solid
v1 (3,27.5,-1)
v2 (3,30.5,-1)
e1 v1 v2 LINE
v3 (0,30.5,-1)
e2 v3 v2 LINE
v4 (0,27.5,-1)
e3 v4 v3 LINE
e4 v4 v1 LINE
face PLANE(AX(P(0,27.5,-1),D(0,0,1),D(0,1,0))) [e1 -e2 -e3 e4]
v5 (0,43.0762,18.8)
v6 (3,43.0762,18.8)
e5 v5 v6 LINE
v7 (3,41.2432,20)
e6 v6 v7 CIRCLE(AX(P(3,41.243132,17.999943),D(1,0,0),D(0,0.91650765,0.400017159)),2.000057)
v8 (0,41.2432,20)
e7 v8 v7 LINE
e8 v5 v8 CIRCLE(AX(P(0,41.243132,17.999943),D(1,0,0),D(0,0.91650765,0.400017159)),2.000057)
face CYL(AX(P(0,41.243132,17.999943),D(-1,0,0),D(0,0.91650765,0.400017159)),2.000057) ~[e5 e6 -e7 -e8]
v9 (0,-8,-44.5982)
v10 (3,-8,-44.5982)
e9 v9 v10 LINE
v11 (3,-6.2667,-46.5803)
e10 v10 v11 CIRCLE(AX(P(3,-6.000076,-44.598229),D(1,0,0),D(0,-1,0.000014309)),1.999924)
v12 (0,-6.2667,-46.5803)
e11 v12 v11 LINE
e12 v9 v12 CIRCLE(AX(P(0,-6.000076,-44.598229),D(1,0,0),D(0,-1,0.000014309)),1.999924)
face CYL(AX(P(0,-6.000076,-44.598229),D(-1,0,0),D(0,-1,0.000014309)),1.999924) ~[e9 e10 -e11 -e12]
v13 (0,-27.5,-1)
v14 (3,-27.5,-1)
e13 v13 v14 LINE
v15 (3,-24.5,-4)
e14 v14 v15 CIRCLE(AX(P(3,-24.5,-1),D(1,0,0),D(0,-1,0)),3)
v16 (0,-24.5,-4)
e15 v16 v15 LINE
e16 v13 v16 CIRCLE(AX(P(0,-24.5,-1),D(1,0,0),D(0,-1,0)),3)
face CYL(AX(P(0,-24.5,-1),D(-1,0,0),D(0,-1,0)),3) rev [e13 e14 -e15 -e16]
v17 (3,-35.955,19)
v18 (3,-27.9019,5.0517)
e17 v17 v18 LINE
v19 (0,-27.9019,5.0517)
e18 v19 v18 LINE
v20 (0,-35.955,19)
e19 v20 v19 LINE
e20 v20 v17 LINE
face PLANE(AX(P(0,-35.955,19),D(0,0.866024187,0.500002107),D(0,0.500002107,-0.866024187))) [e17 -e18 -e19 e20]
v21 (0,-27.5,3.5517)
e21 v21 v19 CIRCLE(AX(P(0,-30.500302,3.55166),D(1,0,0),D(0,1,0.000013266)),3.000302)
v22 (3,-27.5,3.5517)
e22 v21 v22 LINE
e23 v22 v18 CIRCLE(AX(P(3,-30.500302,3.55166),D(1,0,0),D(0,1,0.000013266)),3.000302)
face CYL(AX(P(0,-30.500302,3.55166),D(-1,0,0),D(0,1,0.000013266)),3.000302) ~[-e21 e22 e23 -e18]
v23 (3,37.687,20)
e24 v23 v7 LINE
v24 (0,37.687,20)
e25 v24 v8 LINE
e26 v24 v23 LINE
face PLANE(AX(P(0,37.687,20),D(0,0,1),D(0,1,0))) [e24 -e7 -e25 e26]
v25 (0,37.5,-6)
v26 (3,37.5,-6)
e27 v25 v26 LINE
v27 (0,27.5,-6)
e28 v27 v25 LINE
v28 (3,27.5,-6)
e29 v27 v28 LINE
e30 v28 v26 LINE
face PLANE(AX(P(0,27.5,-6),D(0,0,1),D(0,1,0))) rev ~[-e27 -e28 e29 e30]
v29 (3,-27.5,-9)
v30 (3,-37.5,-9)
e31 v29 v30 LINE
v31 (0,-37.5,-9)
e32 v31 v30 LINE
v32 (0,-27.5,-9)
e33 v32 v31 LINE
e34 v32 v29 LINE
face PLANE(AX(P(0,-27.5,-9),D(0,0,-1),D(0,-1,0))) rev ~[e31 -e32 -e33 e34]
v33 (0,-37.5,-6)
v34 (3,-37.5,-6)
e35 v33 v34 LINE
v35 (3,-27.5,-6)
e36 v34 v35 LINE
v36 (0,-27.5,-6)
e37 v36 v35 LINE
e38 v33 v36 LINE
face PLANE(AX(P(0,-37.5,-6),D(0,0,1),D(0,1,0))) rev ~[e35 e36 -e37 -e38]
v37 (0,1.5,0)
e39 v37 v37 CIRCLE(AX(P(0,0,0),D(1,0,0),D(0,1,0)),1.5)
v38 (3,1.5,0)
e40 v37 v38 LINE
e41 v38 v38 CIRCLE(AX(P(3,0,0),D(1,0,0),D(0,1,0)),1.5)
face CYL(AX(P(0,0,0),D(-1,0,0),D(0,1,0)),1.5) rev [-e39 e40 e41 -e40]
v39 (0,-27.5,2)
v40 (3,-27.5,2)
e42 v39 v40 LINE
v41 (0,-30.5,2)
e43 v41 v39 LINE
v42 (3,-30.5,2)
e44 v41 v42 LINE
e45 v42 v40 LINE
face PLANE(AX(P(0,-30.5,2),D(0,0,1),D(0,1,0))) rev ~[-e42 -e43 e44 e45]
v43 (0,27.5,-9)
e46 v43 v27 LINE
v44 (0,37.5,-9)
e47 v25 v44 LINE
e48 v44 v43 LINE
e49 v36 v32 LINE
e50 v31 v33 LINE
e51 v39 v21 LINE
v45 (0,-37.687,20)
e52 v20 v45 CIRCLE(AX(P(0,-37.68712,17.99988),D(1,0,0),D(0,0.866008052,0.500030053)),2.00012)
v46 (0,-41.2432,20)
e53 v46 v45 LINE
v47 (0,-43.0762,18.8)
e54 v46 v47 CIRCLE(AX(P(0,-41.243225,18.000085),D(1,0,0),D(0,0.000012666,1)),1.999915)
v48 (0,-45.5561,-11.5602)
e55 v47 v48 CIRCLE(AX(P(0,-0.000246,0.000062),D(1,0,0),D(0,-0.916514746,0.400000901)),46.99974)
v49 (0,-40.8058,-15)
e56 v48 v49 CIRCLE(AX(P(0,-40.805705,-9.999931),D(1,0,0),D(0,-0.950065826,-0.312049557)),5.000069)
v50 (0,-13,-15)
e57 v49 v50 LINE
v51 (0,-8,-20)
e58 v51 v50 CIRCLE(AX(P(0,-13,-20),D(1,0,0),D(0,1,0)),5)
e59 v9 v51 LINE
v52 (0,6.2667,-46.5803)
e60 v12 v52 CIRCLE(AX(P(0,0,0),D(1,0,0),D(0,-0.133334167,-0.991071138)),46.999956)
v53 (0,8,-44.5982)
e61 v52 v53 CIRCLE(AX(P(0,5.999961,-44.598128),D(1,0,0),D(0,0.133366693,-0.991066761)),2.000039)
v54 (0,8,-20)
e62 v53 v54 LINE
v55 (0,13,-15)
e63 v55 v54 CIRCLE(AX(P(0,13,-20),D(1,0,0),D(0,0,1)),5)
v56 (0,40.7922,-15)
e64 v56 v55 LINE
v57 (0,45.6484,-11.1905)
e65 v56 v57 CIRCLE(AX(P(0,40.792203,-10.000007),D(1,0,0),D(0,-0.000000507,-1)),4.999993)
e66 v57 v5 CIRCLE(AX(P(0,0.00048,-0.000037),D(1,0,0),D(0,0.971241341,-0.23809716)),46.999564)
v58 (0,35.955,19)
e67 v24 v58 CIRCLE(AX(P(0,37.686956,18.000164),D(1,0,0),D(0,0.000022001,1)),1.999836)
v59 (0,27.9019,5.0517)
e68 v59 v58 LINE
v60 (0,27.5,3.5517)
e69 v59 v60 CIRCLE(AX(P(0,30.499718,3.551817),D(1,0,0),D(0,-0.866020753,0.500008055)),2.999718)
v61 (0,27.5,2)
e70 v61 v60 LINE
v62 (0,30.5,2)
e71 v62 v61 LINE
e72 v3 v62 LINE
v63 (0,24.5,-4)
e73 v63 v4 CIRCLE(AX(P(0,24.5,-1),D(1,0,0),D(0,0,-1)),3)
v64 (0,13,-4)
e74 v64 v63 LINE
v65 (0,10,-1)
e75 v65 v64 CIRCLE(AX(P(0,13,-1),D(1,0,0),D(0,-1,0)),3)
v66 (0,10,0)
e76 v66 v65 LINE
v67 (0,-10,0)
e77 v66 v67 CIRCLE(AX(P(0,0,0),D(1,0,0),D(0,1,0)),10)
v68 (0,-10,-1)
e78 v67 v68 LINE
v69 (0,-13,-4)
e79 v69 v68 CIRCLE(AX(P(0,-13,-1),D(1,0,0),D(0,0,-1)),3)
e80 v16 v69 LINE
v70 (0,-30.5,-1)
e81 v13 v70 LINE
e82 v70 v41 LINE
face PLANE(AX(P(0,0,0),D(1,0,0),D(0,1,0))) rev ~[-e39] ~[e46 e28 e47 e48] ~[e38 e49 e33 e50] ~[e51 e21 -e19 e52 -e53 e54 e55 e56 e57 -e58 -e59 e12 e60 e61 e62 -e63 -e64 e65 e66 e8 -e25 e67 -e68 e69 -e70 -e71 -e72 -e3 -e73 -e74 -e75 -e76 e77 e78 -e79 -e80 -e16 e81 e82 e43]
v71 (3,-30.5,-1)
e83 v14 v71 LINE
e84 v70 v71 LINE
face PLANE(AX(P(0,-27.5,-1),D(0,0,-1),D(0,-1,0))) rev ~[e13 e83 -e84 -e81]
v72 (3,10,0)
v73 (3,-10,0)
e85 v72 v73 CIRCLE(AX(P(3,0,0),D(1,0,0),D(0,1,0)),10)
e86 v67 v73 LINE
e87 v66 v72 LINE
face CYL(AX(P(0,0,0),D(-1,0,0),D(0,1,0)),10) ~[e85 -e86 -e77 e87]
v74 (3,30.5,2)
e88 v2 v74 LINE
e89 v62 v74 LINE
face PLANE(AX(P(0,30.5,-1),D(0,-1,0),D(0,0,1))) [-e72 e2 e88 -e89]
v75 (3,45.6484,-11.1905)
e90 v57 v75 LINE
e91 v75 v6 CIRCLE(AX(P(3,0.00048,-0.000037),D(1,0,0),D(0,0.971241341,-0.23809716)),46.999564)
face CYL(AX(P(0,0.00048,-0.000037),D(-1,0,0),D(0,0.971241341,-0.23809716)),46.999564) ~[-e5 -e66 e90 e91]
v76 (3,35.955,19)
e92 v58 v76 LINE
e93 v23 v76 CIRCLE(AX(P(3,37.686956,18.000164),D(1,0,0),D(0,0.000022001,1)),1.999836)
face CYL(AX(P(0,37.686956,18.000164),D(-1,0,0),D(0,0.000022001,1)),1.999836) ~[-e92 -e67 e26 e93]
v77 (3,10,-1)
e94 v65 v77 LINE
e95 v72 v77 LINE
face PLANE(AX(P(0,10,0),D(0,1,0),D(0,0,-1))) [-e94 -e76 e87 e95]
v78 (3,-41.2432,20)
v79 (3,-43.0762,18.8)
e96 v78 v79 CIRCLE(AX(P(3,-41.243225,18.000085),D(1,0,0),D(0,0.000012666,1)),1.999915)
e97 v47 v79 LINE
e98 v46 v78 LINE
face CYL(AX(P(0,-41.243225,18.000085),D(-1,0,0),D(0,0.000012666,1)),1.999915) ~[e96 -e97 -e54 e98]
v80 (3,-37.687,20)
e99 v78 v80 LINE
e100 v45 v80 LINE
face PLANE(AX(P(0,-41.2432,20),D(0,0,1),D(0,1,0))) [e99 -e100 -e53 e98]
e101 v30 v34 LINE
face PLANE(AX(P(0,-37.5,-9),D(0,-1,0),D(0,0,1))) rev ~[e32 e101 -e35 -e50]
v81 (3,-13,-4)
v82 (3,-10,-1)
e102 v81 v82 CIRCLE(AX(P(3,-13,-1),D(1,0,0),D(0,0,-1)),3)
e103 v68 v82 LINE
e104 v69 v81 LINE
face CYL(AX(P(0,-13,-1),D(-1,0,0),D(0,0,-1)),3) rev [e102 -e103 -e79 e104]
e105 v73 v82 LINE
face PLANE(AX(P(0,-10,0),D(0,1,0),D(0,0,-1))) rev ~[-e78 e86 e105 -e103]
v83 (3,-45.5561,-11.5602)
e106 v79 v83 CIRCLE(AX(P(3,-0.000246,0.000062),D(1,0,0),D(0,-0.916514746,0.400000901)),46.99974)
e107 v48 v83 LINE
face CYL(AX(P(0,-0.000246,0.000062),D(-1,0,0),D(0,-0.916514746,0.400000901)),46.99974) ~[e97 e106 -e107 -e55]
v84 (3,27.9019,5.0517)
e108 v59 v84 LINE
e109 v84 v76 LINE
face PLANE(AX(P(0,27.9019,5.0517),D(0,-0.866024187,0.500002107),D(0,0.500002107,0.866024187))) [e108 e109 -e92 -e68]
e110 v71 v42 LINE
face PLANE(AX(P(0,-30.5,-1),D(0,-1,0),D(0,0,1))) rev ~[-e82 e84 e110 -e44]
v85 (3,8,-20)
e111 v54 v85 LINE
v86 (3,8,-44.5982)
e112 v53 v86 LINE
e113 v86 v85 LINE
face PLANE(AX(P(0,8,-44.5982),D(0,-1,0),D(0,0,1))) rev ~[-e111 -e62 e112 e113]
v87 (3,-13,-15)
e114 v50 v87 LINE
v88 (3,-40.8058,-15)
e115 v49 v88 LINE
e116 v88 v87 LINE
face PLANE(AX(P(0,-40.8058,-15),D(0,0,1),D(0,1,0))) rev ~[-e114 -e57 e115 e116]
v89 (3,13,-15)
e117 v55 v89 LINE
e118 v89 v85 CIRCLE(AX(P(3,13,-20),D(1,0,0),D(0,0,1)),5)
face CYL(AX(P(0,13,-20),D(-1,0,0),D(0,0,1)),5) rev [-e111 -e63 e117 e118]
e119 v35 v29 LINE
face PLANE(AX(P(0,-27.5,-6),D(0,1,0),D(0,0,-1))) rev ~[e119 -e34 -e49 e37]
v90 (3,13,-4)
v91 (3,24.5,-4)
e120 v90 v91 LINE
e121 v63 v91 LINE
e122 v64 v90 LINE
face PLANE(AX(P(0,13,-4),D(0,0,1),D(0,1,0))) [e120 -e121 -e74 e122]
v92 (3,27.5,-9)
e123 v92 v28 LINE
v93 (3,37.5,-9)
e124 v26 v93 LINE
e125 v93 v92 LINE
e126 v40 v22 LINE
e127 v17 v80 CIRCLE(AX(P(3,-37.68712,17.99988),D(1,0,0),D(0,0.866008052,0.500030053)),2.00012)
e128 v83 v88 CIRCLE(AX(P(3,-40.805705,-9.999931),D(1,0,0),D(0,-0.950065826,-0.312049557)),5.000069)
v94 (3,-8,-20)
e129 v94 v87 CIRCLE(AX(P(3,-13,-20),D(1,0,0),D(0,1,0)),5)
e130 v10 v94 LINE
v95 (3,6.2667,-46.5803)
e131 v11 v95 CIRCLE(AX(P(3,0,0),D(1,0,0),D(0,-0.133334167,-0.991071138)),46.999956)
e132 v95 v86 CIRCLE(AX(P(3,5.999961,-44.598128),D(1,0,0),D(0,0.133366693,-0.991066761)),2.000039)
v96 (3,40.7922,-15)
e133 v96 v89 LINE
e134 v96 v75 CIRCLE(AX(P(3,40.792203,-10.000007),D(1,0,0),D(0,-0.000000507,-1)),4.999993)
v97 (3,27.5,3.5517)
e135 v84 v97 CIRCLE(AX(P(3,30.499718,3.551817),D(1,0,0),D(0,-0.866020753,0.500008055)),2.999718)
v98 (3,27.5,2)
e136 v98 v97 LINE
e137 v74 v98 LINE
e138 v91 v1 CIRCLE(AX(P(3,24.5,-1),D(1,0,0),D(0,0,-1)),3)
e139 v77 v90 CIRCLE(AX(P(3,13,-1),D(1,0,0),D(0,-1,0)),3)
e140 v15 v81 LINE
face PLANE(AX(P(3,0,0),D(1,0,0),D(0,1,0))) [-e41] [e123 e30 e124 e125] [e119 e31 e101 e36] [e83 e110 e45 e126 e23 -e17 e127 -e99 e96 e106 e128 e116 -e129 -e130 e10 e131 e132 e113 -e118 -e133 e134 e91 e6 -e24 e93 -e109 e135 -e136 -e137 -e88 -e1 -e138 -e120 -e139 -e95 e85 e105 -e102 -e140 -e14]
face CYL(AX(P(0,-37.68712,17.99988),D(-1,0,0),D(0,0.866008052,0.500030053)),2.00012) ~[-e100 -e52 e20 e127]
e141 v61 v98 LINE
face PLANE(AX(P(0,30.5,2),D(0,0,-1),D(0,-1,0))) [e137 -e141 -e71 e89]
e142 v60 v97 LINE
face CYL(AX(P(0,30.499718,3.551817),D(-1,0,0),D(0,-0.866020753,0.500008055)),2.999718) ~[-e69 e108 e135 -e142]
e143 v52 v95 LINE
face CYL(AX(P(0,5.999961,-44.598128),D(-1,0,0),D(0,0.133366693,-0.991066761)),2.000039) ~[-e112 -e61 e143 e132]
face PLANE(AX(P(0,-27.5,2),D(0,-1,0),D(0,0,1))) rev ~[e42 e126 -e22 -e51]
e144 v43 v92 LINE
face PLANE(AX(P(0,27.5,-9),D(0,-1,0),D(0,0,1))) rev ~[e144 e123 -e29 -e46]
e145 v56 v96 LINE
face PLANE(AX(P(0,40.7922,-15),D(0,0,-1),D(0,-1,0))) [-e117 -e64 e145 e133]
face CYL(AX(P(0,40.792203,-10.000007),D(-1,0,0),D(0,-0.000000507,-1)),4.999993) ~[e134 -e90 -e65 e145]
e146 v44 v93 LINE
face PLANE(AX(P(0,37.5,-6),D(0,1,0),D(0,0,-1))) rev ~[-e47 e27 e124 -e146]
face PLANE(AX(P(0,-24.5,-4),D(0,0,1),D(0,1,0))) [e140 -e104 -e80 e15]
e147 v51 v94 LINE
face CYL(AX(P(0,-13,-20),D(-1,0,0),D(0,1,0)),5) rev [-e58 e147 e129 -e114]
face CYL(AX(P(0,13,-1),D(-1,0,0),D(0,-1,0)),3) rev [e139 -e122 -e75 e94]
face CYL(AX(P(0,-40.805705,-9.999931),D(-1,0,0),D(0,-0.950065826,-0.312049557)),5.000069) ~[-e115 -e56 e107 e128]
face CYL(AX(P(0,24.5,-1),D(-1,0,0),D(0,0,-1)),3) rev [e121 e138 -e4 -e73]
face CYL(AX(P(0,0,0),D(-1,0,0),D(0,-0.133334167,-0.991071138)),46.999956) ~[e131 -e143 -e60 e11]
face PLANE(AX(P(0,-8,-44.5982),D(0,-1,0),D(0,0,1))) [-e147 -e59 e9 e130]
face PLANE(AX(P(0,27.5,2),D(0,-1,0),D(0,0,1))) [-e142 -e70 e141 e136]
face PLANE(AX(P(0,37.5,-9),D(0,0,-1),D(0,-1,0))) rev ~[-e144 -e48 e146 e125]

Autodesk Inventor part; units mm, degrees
ref_plane "YZ Plane" through (0, 0, 0) normal (1, 0, 0) x (0, 1, 0)
ref_plane "XZ Plane" through (0, 0, 0) normal (0, 1, 0) x (-1, 0, 0)
ref_plane "XY Plane" through (0, 0, 0) normal (0, 0, 1) x (1, 0, 0)
sketch "Sketch1" plane through (0, 0, 0) normal (1, 0, 0) x (0, 1, 0)
  line L0 (-46.6154, -6) -> (46.6154, -6) construction
  line L1 (-37.5, -6) -> (-27.5, -6)
  line L2 (-27.5, -6) -> (-27.5, -9)
  line L3 (-27.5, -9) -> (-37.5, -9)
  line L4 (-37.5, -9) -> (-37.5, -6)
  line L5 (27.5, -6) -> (37.5, -6)
  line L6 (37.5, -6) -> (37.5, -9)
  line L7 (37.5, -9) -> (27.5, -9)
  line L8 (27.5, -9) -> (27.5, -6)
  arc A0 (10, 0) -> (-10, 0) centre (0, 0) ccw
  circle A1 centre (0, 0) radius 1.5
  line L9 (-35.955, 19) -> (-27.9019, 5.0517)
  line L10 (27.9019, 5.0517) -> (35.955, 19)
  line L11 (-8, -44.5982) -> (-8, -20)
  line L12 (8, -44.5982) -> (8, -20)
  arc A2 (-6.2667, -46.5803) -> (6.2667, -46.5803) centre (0, 0) ccw
  line L13 (-25, -39.7995) -> (25, -39.7995) construction
  line L14 (40.7922, -15) -> (13, -15)
  line L15 (-40.8058, -15) -> (-13, -15)
  arc A3 (45.6484, -11.1905) -> (43.0762, 18.8) centre (0, 0) ccw
  line L16 (-46.7846, 0) -> (47, 0) construction
  arc A4 (-45.5561, -11.5602) -> (-40.8058, -15) centre (-40.8058, -10) ccw
  arc A5 (40.7922, -15) -> (45.6484, -11.1905) centre (40.7922, -10) ccw
  arc A6 (-43.0762, 18.8) -> (-45.5561, -11.5602) centre (0, 0) ccw
  line L17 (-41.2432, 20) -> (-37.687, 20)
  line L18 (37.687, 20) -> (41.2432, 20)
  arc A7 (-41.2432, 20) -> (-43.0762, 18.8) centre (-41.2432, 18) ccw
  arc A8 (-35.955, 19) -> (-37.687, 20) centre (-37.687, 18) ccw
  arc A9 (43.0762, 18.8) -> (41.2432, 20) centre (41.2432, 18) ccw
  arc A10 (37.687, 20) -> (35.955, 19) centre (37.687, 18) ccw
  line L19 (-27.5, -1) -> (-30.5, -1)
  line L20 (-30.5, -1) -> (-30.5, 2)
  line L21 (-30.5, 2) -> (-27.5, 2)
  line L22 (27.5, -1) -> (30.5, -1)
  line L23 (30.5, -1) -> (30.5, 2)
  line L24 (30.5, 2) -> (27.5, 2)
  arc A11 (-8, -44.5982) -> (-6.2667, -46.5803) centre (-6, -44.5982) ccw
  arc A12 (6.2667, -46.5803) -> (8, -44.5982) centre (6, -44.5982) ccw
  line L25 (-27.5, 2) -> (-27.5, 3.5517)
  line L26 (27.5, 2) -> (27.5, 3.5517)
  line L27 (-27.5, -1) -> (-27.5, -1)
  line L28 (27.5, -1) -> (27.5, -1)
  line L29 (-10, 0) -> (-10, -1)
  line L30 (10, 0) -> (10, -1)
  line L31 (-24.5, -4) -> (-13, -4)
  line L32 (13, -4) -> (24.5, -4)
  arc A13 (-27.5, -1) -> (-24.5, -4) centre (-24.5, -1) ccw
  arc A14 (-27.5, 3.5517) -> (-27.9019, 5.0517) centre (-30.5, 3.5517) ccw
  arc A15 (-13, -4) -> (-10, -1) centre (-13, -1) ccw
  arc A16 (10, -1) -> (13, -4) centre (13, -1) ccw
  arc A17 (24.5, -4) -> (27.5, -1) centre (24.5, -1) ccw
  arc A18 (27.9019, 5.0517) -> (27.5, 3.5517) centre (30.5, 3.5517) ccw
  arc A19 (-8, -20) -> (-13, -15) centre (-13, -20) ccw
  arc A20 (13, -15) -> (8, -20) centre (13, -20) ccw
  point P0 (-42.5323, 20)
  point P1 (42.5323, 20)
  point P2 (-36.5323, 20)
  point P3 (36.5323, 20)
  point P4 (-26.14, 2)
  point P5 (26.14, 2)
  point P6 (-8, -10)
  point P7 (8, -10)
  point P8 (-45.4579, -15)
  point P9 (44.5421, -15)
  point P10 (-25.4579, -10)
  point P11 (8, -15)
  point P12 (-8, -15)
  point P13 (-8, -46.3141)
  point P14 (8, -46.3141)
  dimension "d3" = 10
  dimension "d4" = 3
  dimension "d5" = 10
  dimension "d6" = 3
  dimension "d105" = 50
  dimension "d116" = 6
  dimension "d122" = 8
  dimension "d123" = 8
  dimension "d131" = 47
  dimension "d137" = 5
  dimension "d141" = 6
  dimension "d142" = 120
  dimension "d143" = 6
  dimension "d144" = 120
  dimension "d145" = 2
  dimension "d146" = 3
  dimension "d147" = 3
  dimension "d148" = 5
  dimension "d149" = 3
  dimension "d150" = 3
  dimension "d151" = 5
  dimension "d154" = 47
  dimension "d155" = 10
  dimension "d156" = 2
  dimension "d159" = 20
  dimension "d160" = 20
  dimension "d162" = 3
  dimension "d163" = 15
  dimension "d164" = 15
  dimension "d167" = 30.5
  dimension "d168" = 30.5
  dimension "d169" = 3
  dimension "d170" = 3
  dimension "d171" = 27.5
  dimension "d172" = 27.5
  dimension "d173" = 5
  dimension "d174" = 11
  dimension "d175" = 11
extrude "Extrusion5" add sketch "Sketch1" along normal blind 3
properties part number "Endplate 072313"
